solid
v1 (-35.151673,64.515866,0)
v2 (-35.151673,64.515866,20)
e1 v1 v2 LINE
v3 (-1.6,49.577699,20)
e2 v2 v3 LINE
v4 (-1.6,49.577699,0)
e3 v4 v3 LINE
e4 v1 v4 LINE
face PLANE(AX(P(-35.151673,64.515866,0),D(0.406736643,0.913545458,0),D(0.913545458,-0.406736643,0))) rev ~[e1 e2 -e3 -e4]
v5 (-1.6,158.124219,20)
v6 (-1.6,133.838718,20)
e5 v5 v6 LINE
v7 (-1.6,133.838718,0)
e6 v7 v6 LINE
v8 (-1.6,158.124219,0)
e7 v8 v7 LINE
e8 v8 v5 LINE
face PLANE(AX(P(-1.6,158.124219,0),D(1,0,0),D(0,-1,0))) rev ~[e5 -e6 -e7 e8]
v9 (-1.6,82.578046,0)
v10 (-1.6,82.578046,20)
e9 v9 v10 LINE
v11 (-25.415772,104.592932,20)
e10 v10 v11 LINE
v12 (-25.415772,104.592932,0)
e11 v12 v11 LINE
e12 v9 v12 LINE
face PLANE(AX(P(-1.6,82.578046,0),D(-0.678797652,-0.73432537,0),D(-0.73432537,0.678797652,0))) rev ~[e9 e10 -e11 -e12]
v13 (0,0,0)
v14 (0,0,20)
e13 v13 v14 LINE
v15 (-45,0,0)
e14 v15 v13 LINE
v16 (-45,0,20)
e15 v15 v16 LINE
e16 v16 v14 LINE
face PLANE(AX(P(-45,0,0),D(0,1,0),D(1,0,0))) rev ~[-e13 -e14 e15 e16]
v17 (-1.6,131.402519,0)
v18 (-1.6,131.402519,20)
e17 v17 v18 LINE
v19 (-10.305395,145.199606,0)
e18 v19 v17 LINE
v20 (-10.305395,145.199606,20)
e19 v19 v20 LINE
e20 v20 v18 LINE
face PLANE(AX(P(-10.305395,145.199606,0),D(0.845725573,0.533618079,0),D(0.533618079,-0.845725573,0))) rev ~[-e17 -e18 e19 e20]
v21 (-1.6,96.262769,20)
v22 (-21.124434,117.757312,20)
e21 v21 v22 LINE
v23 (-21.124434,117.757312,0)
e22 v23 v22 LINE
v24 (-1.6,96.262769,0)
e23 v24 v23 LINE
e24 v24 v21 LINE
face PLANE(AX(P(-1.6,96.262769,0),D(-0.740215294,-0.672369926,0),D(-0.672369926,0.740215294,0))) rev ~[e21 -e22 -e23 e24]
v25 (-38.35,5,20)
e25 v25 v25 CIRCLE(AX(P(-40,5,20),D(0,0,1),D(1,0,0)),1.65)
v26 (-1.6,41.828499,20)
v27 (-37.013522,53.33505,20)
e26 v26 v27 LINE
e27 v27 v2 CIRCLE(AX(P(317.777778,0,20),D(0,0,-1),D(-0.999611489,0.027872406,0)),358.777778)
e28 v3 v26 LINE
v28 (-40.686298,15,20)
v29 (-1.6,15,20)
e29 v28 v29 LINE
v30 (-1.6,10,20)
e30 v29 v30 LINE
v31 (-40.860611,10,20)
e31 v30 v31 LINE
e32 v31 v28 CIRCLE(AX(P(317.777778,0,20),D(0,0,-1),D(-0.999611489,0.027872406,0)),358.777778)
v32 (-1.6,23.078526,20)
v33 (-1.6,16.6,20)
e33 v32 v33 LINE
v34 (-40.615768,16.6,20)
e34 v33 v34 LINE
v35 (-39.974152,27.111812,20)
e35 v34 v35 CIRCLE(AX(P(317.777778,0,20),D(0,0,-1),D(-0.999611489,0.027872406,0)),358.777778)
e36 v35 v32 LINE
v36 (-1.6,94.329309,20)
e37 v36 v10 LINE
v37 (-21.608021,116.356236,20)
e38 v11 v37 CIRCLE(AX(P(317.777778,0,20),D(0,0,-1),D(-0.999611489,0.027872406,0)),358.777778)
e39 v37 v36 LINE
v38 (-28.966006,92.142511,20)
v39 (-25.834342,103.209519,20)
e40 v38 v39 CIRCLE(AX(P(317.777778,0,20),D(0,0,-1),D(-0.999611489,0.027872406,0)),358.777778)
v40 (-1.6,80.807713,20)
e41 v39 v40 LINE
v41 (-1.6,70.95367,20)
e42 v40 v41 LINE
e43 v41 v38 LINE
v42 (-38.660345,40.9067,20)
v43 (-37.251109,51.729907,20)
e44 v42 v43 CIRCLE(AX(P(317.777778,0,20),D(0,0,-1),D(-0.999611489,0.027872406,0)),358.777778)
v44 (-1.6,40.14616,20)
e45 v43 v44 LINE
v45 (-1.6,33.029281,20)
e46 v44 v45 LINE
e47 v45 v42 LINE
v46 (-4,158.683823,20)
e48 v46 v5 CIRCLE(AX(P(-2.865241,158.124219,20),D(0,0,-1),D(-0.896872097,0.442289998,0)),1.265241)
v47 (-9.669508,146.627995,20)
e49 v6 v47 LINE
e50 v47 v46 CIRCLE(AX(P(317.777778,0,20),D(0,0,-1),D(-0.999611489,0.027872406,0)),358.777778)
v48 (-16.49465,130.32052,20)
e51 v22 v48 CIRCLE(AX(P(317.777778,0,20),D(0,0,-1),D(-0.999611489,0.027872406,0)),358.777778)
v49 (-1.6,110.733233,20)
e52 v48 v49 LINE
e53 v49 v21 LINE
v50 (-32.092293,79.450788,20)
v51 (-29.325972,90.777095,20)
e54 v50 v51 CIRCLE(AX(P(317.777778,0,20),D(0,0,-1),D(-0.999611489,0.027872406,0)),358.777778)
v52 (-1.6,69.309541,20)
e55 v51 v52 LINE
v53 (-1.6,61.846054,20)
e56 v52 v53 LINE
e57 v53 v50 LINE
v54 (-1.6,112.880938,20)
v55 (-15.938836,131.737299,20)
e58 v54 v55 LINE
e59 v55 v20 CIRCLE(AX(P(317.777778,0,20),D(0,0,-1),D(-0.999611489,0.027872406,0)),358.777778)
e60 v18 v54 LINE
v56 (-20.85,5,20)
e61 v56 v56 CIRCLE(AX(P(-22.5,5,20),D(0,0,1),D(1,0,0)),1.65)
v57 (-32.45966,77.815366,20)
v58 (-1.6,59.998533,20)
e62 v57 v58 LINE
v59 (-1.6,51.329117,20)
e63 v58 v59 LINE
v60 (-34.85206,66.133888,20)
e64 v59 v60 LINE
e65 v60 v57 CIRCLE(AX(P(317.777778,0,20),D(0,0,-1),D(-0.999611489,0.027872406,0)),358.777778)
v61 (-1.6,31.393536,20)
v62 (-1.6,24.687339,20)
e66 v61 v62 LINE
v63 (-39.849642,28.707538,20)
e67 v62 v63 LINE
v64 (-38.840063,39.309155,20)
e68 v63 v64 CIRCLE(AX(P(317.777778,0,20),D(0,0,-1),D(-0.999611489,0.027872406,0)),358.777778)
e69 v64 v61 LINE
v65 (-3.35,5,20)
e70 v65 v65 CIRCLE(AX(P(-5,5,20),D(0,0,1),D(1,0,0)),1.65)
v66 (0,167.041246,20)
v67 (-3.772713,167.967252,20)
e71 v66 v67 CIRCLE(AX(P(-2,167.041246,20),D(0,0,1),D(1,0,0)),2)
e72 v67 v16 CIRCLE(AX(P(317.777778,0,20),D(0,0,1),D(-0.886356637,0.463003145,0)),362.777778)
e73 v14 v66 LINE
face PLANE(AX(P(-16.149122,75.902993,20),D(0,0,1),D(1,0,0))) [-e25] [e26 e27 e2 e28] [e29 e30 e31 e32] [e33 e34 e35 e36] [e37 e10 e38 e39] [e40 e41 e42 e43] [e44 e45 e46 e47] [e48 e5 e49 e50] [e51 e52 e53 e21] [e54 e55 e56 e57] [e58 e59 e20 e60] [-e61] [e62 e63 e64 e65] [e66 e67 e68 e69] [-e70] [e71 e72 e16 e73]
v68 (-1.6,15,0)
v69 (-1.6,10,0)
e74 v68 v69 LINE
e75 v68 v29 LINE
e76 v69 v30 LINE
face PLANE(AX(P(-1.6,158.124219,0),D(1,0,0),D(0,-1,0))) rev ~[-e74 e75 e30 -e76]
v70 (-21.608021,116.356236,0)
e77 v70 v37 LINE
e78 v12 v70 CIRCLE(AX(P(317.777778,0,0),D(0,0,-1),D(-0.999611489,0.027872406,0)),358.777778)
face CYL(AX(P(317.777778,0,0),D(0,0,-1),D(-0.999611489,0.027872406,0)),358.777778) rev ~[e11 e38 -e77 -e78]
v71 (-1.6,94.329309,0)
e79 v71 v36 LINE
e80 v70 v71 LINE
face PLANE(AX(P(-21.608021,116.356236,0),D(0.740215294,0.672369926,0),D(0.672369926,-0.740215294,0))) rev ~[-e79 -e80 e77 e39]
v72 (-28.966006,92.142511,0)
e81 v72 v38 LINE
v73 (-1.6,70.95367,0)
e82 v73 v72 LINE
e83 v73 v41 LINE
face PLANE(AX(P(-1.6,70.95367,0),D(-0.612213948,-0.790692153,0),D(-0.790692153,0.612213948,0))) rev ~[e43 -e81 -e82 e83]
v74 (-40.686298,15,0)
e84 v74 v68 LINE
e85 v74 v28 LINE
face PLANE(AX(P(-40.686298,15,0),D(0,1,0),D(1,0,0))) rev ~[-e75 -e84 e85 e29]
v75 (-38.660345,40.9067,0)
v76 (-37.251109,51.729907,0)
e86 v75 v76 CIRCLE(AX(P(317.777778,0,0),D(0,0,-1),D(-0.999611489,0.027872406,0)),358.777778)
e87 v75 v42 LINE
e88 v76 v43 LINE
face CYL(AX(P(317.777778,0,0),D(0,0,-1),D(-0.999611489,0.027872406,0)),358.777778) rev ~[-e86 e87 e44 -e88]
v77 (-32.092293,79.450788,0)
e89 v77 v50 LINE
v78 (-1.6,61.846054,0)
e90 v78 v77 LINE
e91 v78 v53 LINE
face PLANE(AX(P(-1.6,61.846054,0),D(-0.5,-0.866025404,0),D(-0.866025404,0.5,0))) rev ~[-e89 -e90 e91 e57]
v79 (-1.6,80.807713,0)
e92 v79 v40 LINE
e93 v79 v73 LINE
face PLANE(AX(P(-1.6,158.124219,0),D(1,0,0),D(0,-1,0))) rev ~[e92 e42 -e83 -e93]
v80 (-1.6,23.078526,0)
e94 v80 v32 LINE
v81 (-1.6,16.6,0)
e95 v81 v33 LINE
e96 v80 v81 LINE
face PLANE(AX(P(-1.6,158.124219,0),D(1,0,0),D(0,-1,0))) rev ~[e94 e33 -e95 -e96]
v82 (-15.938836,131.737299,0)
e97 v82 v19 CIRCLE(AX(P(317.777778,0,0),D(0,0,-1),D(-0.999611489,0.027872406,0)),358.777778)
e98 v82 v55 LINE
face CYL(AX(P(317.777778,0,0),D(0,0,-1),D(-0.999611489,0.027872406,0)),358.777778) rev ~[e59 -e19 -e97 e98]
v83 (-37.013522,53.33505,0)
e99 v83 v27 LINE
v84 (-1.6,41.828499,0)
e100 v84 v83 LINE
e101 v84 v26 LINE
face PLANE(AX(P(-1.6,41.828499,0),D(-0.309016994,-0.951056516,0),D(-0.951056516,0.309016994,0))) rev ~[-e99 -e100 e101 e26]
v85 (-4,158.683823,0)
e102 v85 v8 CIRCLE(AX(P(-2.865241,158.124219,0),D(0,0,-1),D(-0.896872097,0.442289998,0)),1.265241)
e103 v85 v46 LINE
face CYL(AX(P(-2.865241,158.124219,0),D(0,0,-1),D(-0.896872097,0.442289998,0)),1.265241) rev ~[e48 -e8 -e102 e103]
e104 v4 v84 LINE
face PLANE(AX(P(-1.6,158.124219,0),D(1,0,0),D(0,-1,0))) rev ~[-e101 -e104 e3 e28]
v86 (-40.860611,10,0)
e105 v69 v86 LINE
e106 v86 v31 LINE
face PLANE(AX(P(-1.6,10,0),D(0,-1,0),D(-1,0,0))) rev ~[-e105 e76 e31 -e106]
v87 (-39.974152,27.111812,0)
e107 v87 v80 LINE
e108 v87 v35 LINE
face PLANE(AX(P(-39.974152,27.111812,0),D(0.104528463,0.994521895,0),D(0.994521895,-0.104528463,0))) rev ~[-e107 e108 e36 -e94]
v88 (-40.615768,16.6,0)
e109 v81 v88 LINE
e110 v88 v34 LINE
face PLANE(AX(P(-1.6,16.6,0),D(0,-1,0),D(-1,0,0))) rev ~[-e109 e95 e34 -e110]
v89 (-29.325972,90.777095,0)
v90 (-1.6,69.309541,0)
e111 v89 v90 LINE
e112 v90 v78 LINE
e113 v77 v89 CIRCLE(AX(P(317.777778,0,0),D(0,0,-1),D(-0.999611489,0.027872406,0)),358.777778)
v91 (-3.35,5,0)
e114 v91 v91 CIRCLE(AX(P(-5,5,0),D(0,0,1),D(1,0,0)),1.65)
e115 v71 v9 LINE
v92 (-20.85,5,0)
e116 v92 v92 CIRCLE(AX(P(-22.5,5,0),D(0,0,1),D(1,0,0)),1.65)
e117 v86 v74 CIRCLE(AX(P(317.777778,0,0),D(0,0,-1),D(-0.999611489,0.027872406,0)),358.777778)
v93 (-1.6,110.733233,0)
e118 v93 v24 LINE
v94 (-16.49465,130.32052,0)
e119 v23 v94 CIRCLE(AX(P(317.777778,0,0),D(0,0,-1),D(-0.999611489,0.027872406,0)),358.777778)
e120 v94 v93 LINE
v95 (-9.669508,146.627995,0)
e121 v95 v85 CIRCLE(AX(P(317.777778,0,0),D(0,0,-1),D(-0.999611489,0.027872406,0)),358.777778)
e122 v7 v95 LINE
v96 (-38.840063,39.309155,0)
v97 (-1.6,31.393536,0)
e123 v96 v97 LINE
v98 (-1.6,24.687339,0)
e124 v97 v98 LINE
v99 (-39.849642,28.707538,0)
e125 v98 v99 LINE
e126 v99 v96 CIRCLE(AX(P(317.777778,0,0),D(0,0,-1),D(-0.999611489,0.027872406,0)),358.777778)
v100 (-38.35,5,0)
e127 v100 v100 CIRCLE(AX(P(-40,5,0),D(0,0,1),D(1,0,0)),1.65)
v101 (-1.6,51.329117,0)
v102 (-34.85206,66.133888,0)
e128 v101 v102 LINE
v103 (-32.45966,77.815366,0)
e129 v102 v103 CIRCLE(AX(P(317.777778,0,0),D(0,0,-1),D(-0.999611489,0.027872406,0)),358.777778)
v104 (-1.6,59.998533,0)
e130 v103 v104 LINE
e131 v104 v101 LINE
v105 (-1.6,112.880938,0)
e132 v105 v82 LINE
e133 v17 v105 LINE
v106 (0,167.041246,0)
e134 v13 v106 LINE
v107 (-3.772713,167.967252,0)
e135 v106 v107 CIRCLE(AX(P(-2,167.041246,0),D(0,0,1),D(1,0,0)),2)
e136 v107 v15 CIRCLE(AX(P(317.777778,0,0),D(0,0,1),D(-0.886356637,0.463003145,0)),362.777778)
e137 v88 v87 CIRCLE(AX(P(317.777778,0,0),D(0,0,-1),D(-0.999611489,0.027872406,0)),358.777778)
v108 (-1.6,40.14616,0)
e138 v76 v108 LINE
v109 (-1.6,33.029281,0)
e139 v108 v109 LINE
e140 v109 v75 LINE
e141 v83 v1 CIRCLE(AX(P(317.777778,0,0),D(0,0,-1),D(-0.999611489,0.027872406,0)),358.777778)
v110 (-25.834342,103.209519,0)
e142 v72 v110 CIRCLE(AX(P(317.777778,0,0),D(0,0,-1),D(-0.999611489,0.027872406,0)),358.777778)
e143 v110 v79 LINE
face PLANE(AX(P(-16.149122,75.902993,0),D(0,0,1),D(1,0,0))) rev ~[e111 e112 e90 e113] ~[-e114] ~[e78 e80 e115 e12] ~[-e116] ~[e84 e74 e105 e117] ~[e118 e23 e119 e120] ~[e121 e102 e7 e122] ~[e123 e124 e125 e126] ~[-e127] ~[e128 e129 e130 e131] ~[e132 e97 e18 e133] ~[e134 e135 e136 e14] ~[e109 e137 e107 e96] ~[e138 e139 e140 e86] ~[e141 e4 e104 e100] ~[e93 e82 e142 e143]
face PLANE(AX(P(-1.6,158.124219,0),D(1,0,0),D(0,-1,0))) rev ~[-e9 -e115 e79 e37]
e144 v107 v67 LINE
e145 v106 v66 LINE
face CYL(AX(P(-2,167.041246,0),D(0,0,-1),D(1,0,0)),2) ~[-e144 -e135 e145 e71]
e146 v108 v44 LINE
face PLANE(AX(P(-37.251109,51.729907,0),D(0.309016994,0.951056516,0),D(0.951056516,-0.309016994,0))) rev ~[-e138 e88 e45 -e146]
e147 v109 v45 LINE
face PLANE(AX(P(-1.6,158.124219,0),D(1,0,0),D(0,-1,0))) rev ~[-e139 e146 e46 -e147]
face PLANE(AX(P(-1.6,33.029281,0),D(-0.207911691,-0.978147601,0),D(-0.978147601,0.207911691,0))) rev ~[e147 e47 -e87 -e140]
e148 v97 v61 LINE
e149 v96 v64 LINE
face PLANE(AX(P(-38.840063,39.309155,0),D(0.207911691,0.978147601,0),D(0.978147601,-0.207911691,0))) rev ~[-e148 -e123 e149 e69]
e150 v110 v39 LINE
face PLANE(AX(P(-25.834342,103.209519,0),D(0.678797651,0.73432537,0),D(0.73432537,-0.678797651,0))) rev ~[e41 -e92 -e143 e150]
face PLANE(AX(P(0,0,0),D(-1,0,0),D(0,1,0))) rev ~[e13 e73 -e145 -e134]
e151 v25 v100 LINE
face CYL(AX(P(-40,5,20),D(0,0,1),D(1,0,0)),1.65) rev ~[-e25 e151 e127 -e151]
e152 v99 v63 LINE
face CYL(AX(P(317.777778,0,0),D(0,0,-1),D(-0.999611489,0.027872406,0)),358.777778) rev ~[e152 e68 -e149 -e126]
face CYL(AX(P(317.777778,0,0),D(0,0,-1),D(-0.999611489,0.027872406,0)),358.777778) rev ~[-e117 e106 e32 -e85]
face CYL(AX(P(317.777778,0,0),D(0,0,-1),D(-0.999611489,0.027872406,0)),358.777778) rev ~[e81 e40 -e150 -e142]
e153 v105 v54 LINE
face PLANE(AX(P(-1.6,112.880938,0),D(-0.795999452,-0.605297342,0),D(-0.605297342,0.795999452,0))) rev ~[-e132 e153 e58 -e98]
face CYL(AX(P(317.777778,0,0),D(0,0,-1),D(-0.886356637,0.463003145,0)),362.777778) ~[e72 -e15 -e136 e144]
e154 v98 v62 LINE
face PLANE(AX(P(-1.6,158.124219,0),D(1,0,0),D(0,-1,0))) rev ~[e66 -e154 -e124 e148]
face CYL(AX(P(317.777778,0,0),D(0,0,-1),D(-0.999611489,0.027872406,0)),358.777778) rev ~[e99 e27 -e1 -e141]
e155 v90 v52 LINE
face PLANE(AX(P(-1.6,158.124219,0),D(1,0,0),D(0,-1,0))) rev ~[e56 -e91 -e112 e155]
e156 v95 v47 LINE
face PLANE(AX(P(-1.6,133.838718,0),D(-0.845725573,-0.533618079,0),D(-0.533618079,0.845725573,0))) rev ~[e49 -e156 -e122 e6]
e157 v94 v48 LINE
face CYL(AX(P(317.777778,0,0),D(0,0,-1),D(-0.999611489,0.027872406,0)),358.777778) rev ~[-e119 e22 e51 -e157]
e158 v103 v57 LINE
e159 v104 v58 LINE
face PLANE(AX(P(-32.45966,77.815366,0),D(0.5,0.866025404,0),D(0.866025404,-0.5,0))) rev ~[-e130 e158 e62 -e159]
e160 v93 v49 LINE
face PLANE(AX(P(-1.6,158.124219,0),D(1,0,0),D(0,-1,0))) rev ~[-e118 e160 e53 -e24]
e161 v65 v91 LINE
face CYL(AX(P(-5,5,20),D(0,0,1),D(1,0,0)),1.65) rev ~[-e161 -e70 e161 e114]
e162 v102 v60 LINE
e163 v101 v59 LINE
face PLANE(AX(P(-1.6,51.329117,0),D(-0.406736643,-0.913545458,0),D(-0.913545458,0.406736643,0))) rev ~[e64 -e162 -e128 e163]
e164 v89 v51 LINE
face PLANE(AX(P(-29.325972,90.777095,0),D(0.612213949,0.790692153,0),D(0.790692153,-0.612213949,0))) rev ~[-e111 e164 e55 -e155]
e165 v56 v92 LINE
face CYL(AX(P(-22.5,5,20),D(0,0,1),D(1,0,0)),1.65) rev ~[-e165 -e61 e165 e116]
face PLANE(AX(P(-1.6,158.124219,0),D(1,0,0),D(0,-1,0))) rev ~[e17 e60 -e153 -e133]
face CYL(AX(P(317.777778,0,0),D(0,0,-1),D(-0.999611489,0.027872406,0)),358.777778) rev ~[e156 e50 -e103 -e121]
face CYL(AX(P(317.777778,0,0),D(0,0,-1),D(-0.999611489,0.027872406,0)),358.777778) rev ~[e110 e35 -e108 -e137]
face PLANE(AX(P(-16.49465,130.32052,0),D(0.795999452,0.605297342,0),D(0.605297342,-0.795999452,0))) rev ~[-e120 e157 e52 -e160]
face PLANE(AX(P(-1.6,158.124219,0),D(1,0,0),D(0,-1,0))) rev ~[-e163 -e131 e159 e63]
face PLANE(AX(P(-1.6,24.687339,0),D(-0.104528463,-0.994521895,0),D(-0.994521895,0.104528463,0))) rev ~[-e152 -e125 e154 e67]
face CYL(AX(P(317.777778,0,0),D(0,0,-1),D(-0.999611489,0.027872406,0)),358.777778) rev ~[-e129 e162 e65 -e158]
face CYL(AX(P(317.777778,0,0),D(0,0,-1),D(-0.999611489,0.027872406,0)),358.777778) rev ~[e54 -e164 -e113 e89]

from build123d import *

# Parameters (mm, degrees)
BOSS_EXTRUDE4_DEPTH = 20
BOSS_EXTRUDE7_START = -20
BOSS_EXTRUDE7_DEPTH = 20
SKETCH12_R          = 1.65
CUT_EXTRUDE1_DEPTH  = 177.068006068


with BuildPart() as part:
    # Sketch5 → Boss-Extrude4 (new body)
    with BuildSketch(Plane.XY):
        with BuildLine():
            Line((0, 0), (0, 167.041245738))
            ThreePointArc((0, 167.041245738), (-1.523254023, 168.9835931), (-3.772713274, 167.967252028))
            ThreePointArc((-3.772713274, 167.967252028), (-34.542452011, 86.476422979), (-45, 0))
            Line((-45, 0), (0, 0))
        make_face()
        with BuildLine():
            Line((-1.6, 10), (-40.860610891, 10))
            ThreePointArc((-40.860610891, 10), (-30.458147518, 86.332115465), (-4, 158.683822602))
            ThreePointArc((-4, 158.683822602), (-2.577933762, 159.356407939), (-1.6, 158.124219244))
            Line((-1.6, 158.124219244), (-1.6, 10))
        make_face(mode=Mode.SUBTRACT)
    extrude(amount=BOSS_EXTRUDE4_DEPTH)

    # Sketch11 → Boss-Extrude7 (add)
    with BuildSketch(Plane.XY.offset(20).offset(BOSS_EXTRUDE7_START)):
        with BuildLine():
            ThreePointArc((-40.61576824, 16.6), (-40.651926046, 15.800039355), (-40.686298284, 15))
            Line((-40.686298284, 15), (-1.6, 15))
            Line((-1.6, 15), (-1.6, 16.6))
            Line((-1.6, 16.6), (-40.61576824, 16.6))
        make_face()
        with BuildLine():
            ThreePointArc((-39.849641566, 28.707538392), (-39.912786801, 27.909744506), (-39.974152323, 27.111811753))
            Line((-39.974152323, 27.111811753), (-1.6, 23.078525819))
            Line((-1.6, 23.078525819), (-1.6, 24.687339066))
            Line((-1.6, 24.687339066), (-39.849641566, 28.707538392))
        make_face()
        with BuildLine():
            ThreePointArc((-38.660345477, 40.906700159), (-38.751098874, 40.10802838), (-38.840062688, 39.30915528))
            Line((-38.840062688, 39.30915528), (-1.6, 31.393535598))
            Line((-1.6, 31.393535598), (-1.6, 33.02928055))
            Line((-1.6, 33.02928055), (-38.660345477, 40.906700159))
        make_face()
        with BuildLine():
            ThreePointArc((-37.013521794, 53.335050155), (-37.133222882, 52.532613088), (-37.251109088, 51.729907388))
            Line((-37.251109088, 51.729907388), (-1.6, 40.146159853))
            Line((-1.6, 40.146159853), (-1.6, 41.828499411))
            Line((-1.6, 41.828499411), (-37.013521794, 53.335050155))
        make_face()
        with BuildLine():
            ThreePointArc((-34.852060307, 66.133887827), (-35.002794049, 65.325048554), (-35.151672531, 64.515865738))
            Line((-35.151672531, 64.515865738), (-1.6, 49.577698687))
            Line((-1.6, 49.577698687), (-1.6, 51.329116733))
            Line((-1.6, 51.329116733), (-34.852060307, 66.133887827))
        make_face()
        with BuildLine():
            ThreePointArc((-32.092292656, 79.450787546), (-32.27693125, 78.633291388), (-32.45965971, 77.815366152))
            Line((-32.45965971, 77.815366152), (-1.6, 59.998533312))
            Line((-1.6, 59.998533312), (-1.6, 61.846054173))
            Line((-1.6, 61.846054173), (-32.092292656, 79.450787546))
        make_face()
        with BuildLine():
            ThreePointArc((-28.966005847, 92.142511062), (-29.146660506, 91.459980039), (-29.325971671, 90.77709483))
            Line((-29.325971671, 90.77709483), (-1.6, 69.30954071))
            Line((-1.6, 69.30954071), (-1.6, 70.953669837))
            Line((-1.6, 70.953669837), (-28.966005847, 92.142511062))
        make_face()
        with BuildLine():
            ThreePointArc((-25.415771616, 104.592932273), (-25.62575353, 103.901436527), (-25.834342161, 103.209519225))
            Line((-25.834342161, 103.209519225), (-1.6, 80.807713123))
            Line((-1.6, 80.807713123), (-1.6, 82.578045531))
            Line((-1.6, 82.578045531), (-25.415771616, 104.592932273))
        make_face()
        with BuildLine():
            ThreePointArc((-21.12443405, 117.757312491), (-21.366950886, 117.057023911), (-21.608020686, 116.356235882))
            Line((-21.608020686, 116.356235882), (-1.6, 94.329309417))
            Line((-1.6, 94.329309417), (-1.6, 96.262768885))
            Line((-1.6, 96.262768885), (-21.12443405, 117.757312491))
        make_face()
        with BuildLine():
            ThreePointArc((-15.938835517, 131.737298585), (-16.21749388, 131.029204139), (-16.49464978, 130.320520265))
            Line((-16.49464978, 130.320520265), (-1.6, 110.733232757))
            Line((-1.6, 110.733232757), (-1.6, 112.880937546))
            Line((-1.6, 112.880937546), (-15.938835517, 131.737298585))
        make_face()
        with BuildLine():
            ThreePointArc((-9.669507991, 146.627994836), (-9.988229593, 145.91414681), (-10.30539498, 145.199605992))
            Line((-10.30539498, 145.199605992), (-1.6, 131.402518814))
            Line((-1.6, 131.402518814), (-1.6, 133.83871813))
            Line((-1.6, 133.83871813), (-9.669507991, 146.627994836))
        make_face()
    extrude(amount=BOSS_EXTRUDE7_DEPTH)

    # Sketch12 → Cut-Extrude1 (cut, through all)
    with BuildSketch(Plane.XY.offset(20)):
        with Locations((-40, 5)):
            Circle(SKETCH12_R)
        with Locations((-22.5, 5)):
            Circle(SKETCH12_R)
        with Locations((-5, 5)):
            Circle(SKETCH12_R)
    extrude(amount=-CUT_EXTRUDE1_DEPTH, mode=Mode.SUBTRACT)


solid = part.part
